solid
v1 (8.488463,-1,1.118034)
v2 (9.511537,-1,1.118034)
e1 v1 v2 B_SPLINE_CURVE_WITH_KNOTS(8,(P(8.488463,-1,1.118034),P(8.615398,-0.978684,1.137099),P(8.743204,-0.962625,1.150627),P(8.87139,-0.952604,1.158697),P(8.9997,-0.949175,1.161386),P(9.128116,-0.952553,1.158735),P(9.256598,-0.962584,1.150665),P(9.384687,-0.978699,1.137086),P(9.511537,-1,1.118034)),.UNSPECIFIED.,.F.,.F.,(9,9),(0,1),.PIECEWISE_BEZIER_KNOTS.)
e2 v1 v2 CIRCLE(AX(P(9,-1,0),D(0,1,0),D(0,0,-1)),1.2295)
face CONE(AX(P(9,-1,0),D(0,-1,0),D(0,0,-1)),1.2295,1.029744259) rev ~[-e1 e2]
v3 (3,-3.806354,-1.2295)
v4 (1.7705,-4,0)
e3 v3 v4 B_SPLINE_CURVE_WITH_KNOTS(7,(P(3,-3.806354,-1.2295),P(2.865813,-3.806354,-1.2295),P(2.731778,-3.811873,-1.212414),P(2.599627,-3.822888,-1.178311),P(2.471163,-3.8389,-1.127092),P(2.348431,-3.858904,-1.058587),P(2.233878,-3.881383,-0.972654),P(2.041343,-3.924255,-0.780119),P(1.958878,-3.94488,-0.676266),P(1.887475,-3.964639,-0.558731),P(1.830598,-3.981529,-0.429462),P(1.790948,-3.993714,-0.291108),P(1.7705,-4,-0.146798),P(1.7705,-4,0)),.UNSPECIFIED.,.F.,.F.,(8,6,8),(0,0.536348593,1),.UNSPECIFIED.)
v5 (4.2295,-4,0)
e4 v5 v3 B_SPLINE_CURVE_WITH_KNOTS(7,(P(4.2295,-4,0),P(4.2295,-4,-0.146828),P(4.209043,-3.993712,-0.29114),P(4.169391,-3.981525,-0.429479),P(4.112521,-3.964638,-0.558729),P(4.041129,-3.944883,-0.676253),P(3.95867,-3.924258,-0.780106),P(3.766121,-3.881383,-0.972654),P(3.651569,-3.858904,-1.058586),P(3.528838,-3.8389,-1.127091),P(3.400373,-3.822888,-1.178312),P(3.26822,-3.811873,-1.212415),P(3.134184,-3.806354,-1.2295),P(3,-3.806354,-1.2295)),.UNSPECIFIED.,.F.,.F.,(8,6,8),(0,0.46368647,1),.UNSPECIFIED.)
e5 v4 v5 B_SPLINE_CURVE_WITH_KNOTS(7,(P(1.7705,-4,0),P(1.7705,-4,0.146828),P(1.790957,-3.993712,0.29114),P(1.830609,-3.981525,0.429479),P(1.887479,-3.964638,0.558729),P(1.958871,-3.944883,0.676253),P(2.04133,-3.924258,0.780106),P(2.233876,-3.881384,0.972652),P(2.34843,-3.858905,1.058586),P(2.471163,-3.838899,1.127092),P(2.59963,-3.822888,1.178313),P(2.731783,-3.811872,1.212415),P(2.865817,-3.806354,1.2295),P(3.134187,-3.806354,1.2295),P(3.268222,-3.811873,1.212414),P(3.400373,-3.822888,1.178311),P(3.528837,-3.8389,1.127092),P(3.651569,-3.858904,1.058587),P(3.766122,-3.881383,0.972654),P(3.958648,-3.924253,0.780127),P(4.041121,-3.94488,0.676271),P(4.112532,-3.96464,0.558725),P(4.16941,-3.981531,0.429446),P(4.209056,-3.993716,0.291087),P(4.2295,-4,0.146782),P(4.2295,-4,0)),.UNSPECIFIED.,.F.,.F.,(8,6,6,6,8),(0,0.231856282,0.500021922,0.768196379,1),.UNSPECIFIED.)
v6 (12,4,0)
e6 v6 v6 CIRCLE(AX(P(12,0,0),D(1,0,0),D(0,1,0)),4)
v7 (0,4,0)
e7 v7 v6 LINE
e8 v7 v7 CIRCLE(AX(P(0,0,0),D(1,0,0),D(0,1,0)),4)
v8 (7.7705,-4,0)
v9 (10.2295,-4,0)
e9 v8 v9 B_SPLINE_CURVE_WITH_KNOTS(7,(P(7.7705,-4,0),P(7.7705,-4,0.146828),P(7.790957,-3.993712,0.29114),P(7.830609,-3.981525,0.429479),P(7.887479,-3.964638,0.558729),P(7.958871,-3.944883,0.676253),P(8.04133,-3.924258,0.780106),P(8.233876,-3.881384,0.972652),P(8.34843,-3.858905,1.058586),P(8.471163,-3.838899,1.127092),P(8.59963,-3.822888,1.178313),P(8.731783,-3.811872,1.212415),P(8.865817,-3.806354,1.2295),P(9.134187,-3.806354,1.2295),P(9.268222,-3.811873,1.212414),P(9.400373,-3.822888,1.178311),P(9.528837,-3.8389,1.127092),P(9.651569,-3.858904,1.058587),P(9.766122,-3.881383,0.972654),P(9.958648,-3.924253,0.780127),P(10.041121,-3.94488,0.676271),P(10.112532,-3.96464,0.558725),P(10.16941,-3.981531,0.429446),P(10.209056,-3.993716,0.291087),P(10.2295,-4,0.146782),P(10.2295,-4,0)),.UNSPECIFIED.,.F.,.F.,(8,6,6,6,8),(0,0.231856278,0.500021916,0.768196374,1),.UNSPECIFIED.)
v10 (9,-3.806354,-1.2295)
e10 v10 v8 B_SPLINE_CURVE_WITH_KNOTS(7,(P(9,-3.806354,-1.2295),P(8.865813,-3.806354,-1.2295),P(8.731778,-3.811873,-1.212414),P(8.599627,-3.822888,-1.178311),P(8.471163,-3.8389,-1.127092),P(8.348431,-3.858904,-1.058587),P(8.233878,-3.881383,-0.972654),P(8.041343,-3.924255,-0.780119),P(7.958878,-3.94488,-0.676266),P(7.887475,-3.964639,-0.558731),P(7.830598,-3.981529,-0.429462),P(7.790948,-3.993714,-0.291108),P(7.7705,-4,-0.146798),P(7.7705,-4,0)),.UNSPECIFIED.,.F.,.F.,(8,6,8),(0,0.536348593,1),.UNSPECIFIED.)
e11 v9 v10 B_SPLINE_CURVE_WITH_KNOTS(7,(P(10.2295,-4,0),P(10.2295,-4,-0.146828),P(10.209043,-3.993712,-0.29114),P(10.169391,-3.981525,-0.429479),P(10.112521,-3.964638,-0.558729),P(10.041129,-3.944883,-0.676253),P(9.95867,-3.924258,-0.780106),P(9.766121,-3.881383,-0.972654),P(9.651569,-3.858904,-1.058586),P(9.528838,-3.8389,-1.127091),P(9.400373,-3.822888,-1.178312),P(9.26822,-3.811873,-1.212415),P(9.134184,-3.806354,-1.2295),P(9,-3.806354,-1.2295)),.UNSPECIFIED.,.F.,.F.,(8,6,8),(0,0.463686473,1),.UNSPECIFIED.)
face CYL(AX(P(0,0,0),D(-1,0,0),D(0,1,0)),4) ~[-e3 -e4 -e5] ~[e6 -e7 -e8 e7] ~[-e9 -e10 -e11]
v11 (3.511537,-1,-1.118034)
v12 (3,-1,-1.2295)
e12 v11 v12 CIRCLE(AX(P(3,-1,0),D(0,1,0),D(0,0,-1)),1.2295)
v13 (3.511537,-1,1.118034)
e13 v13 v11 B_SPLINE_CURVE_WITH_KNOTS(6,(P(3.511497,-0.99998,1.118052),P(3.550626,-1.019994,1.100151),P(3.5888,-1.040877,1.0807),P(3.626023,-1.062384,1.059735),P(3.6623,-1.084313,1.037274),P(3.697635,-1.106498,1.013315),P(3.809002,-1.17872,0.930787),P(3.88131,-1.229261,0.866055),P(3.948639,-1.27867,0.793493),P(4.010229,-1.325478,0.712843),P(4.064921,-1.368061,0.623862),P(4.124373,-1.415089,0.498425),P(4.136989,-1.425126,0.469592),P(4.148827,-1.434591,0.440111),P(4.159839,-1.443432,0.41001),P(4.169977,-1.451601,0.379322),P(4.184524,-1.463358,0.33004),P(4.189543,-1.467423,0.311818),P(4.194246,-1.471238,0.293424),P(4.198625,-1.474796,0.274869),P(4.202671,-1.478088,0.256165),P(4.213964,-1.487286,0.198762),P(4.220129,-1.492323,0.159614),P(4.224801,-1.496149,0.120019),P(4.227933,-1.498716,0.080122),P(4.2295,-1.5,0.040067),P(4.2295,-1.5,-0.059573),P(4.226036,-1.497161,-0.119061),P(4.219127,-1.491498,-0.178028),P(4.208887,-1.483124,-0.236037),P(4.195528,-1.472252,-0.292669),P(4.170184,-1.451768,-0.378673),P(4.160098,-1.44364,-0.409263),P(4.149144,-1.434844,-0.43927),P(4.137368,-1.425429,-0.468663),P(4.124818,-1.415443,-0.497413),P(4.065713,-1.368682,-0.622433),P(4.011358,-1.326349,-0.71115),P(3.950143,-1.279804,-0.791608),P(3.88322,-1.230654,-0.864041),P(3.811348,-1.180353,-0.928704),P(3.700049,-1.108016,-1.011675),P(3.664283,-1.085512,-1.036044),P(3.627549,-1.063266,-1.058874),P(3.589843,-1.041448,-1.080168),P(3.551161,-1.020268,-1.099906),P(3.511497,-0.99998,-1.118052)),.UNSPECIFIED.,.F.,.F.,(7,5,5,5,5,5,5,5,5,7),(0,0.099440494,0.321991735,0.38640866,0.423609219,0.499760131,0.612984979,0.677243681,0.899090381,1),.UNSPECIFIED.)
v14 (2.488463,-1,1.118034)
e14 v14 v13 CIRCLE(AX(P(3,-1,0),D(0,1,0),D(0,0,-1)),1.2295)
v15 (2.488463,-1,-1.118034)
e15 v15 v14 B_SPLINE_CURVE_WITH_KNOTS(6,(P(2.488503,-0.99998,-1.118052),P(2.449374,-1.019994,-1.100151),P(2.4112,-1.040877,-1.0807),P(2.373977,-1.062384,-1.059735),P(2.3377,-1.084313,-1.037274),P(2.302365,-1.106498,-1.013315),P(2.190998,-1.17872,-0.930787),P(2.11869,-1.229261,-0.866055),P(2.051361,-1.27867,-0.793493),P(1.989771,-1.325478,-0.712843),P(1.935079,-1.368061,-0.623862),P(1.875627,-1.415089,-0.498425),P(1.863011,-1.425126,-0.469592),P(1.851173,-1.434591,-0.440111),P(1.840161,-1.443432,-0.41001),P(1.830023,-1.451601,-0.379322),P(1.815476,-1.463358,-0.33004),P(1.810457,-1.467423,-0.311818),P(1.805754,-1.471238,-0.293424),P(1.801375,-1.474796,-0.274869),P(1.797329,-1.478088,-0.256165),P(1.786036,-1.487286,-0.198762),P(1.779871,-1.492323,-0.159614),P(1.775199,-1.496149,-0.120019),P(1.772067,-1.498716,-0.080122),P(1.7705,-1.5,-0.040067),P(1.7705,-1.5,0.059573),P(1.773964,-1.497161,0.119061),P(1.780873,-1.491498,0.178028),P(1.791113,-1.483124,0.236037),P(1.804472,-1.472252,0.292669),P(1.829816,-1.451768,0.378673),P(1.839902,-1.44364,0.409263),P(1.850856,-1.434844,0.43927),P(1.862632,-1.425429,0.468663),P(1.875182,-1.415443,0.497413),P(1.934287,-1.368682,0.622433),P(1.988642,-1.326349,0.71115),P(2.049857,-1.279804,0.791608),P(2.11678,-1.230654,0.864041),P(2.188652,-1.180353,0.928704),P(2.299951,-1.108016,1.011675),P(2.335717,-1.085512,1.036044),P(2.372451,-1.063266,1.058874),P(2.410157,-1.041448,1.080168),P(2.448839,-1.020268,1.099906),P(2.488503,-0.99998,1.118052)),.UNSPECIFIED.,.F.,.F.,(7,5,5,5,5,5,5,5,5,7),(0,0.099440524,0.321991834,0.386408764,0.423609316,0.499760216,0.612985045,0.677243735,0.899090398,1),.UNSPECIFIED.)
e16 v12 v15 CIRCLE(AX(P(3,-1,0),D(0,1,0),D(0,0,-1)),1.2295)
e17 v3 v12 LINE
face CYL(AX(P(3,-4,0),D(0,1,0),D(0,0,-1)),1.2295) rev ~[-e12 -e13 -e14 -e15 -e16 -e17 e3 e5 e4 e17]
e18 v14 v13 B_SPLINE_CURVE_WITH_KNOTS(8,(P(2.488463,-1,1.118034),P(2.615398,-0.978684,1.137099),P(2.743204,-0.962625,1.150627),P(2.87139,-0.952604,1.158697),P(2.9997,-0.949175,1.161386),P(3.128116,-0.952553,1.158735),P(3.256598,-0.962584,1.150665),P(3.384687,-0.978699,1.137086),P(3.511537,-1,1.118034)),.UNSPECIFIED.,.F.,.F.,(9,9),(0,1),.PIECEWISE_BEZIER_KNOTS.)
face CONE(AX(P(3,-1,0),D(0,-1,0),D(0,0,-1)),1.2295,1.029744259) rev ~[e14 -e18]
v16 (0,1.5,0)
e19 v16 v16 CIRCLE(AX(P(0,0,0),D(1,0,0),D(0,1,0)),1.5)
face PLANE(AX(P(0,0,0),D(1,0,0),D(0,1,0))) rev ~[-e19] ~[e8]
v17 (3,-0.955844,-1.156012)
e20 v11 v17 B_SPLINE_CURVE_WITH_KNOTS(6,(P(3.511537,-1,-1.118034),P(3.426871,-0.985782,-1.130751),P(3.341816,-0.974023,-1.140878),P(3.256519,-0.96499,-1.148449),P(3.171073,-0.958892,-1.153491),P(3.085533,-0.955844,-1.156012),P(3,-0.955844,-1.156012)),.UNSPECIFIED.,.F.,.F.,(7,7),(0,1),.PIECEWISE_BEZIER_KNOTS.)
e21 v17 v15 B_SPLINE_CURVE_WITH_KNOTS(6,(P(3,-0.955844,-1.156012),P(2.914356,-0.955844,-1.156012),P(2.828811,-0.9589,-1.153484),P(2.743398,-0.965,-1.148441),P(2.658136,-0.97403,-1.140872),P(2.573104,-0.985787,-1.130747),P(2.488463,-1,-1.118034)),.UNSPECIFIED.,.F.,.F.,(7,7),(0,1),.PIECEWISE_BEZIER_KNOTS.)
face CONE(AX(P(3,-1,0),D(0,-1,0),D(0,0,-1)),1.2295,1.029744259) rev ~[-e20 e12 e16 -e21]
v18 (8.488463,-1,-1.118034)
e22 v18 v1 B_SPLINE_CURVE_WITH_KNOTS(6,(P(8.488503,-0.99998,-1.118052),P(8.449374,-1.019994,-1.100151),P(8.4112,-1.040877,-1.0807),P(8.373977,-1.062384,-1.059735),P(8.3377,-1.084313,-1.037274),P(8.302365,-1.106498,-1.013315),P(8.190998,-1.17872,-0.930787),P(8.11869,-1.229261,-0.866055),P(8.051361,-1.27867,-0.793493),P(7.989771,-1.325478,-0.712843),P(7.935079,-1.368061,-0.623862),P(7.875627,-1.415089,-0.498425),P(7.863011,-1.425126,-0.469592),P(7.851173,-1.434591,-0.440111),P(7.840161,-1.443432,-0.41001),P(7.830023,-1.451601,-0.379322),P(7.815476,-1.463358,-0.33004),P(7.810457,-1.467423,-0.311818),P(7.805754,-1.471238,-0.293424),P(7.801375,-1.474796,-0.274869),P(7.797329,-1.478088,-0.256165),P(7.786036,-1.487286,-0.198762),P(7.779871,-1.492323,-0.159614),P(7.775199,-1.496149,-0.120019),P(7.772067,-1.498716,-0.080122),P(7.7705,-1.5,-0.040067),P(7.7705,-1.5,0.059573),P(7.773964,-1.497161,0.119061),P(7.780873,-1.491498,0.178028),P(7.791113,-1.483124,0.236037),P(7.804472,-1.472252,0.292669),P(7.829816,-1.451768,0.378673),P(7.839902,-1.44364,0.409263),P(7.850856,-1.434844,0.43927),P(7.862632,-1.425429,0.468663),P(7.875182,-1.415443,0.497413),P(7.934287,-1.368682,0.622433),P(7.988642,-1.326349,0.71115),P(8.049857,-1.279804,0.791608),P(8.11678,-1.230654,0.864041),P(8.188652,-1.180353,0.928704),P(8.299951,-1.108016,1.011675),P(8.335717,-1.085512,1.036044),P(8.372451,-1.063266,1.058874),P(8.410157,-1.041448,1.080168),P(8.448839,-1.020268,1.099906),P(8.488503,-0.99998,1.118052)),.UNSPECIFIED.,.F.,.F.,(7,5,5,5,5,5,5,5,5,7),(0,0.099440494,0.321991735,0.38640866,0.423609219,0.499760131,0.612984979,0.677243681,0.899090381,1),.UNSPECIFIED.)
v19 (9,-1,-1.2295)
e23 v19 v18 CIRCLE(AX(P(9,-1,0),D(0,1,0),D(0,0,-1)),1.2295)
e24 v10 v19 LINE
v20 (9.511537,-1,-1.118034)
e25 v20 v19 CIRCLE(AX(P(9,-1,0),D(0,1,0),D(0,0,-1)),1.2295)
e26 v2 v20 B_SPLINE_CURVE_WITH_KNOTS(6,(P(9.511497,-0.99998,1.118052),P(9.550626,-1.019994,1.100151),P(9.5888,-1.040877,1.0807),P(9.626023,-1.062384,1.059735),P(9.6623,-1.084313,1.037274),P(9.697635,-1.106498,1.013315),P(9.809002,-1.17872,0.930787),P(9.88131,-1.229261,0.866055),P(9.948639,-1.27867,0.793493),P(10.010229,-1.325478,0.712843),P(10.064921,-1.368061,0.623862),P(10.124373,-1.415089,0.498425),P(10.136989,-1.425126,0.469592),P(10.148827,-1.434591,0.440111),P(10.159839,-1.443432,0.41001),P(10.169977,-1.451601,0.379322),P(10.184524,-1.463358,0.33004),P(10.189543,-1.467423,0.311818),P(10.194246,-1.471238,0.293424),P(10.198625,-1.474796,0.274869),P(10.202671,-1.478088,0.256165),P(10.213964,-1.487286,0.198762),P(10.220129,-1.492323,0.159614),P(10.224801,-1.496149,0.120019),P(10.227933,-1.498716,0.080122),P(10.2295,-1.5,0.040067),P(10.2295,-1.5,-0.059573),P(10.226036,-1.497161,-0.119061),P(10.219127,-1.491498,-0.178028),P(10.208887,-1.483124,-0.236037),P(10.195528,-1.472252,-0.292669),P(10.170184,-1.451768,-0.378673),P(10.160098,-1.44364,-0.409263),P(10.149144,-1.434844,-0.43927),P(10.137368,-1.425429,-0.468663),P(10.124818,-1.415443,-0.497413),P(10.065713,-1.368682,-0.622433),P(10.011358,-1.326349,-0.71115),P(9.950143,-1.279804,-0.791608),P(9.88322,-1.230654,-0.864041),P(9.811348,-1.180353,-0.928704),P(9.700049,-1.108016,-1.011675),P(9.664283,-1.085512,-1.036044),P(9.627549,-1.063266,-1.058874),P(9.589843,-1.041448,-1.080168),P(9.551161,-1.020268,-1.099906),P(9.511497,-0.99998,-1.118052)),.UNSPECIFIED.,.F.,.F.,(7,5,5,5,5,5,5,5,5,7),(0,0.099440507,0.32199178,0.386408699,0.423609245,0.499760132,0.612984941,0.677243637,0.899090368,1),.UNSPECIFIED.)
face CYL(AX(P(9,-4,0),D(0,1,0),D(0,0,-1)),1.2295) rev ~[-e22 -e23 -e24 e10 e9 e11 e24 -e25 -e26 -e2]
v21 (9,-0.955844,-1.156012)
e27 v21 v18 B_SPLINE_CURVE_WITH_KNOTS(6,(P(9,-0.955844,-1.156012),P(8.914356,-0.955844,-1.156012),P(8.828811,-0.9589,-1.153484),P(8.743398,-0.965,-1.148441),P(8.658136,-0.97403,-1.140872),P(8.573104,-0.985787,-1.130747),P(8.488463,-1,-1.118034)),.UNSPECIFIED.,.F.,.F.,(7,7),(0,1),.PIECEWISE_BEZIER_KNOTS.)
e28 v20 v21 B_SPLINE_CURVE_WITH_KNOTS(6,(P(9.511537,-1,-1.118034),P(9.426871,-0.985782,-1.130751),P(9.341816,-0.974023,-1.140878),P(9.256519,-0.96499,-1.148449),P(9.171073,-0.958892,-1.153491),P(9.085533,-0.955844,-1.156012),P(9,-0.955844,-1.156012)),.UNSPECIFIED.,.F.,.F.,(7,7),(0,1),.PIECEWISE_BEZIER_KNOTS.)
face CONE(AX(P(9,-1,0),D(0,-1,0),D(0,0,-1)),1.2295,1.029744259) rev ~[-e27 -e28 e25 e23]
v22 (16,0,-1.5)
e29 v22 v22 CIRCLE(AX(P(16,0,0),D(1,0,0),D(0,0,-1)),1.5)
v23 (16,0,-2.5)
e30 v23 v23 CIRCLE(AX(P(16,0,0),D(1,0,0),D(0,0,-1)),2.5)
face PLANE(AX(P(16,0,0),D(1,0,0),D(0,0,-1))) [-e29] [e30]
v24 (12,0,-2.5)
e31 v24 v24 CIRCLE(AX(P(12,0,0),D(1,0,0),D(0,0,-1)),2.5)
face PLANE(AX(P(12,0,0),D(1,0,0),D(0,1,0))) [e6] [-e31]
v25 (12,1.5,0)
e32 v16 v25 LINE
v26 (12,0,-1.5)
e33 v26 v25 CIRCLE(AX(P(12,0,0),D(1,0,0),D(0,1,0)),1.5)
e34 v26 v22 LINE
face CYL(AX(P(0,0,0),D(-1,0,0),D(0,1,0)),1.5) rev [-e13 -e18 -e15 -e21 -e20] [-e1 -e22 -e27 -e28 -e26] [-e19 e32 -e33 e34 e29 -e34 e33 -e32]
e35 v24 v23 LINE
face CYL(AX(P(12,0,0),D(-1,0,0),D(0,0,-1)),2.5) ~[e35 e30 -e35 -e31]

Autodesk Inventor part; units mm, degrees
ref_plane "YZ Plane" through (0, 0, 0) normal (1, 0, 0) x (0, 1, 0)
ref_plane "XY Plane" through (0, 0, 0) normal (0, 0, 1) x (1, 0, 0)
sketch "Эскиз1" plane through (0, 0, 0) normal (1, 0, 0) x (0, 1, 0)
  circle A0 centre (0, 0) radius 1.5
  circle A1 centre (0, 0) radius 4
  dimension "d0" = 3
  dimension "d1" = 8
extrude "Выдавливание1" add sketch "Эскиз1" along normal blind 12
sketch "Эскиз2" plane through (12, 0, 0) normal (1, 0, 0) x (0, 0, -1)
  circle A0 centre (0, 0) radius 1.5 projected
  circle A1 centre (0, 0) radius 4 projected
  circle A2 centre (0, 0) radius 2.5
  dimension "d4" = 5
extrude "Выдавливание2" add sketch "Эскиз2" along normal blind 4 contours A2
ref_plane "РабПлоскость1" through (0, -4, 0) normal (0, 1, 0) x (-1, 0, 0)
sketch "Эскиз3" plane through (0, -4, 0) normal (0, 1, 0) x (-1, 0, 0)
  point P0 (0, 0)
  point P1 (-3, 0)
  point P2 (-9, 0)
  dimension "d7" = 3
  dimension "d8" = 6
hole "Отверстие1" at (3, -4, 0) at (9, -4, 0) direction (0, 1, 0) diameter 2.459 depth 3 tip angle 118 thread size "M3x0.5" class "6H" standard "ISO Metric profile"
properties part number "Vtulka"
